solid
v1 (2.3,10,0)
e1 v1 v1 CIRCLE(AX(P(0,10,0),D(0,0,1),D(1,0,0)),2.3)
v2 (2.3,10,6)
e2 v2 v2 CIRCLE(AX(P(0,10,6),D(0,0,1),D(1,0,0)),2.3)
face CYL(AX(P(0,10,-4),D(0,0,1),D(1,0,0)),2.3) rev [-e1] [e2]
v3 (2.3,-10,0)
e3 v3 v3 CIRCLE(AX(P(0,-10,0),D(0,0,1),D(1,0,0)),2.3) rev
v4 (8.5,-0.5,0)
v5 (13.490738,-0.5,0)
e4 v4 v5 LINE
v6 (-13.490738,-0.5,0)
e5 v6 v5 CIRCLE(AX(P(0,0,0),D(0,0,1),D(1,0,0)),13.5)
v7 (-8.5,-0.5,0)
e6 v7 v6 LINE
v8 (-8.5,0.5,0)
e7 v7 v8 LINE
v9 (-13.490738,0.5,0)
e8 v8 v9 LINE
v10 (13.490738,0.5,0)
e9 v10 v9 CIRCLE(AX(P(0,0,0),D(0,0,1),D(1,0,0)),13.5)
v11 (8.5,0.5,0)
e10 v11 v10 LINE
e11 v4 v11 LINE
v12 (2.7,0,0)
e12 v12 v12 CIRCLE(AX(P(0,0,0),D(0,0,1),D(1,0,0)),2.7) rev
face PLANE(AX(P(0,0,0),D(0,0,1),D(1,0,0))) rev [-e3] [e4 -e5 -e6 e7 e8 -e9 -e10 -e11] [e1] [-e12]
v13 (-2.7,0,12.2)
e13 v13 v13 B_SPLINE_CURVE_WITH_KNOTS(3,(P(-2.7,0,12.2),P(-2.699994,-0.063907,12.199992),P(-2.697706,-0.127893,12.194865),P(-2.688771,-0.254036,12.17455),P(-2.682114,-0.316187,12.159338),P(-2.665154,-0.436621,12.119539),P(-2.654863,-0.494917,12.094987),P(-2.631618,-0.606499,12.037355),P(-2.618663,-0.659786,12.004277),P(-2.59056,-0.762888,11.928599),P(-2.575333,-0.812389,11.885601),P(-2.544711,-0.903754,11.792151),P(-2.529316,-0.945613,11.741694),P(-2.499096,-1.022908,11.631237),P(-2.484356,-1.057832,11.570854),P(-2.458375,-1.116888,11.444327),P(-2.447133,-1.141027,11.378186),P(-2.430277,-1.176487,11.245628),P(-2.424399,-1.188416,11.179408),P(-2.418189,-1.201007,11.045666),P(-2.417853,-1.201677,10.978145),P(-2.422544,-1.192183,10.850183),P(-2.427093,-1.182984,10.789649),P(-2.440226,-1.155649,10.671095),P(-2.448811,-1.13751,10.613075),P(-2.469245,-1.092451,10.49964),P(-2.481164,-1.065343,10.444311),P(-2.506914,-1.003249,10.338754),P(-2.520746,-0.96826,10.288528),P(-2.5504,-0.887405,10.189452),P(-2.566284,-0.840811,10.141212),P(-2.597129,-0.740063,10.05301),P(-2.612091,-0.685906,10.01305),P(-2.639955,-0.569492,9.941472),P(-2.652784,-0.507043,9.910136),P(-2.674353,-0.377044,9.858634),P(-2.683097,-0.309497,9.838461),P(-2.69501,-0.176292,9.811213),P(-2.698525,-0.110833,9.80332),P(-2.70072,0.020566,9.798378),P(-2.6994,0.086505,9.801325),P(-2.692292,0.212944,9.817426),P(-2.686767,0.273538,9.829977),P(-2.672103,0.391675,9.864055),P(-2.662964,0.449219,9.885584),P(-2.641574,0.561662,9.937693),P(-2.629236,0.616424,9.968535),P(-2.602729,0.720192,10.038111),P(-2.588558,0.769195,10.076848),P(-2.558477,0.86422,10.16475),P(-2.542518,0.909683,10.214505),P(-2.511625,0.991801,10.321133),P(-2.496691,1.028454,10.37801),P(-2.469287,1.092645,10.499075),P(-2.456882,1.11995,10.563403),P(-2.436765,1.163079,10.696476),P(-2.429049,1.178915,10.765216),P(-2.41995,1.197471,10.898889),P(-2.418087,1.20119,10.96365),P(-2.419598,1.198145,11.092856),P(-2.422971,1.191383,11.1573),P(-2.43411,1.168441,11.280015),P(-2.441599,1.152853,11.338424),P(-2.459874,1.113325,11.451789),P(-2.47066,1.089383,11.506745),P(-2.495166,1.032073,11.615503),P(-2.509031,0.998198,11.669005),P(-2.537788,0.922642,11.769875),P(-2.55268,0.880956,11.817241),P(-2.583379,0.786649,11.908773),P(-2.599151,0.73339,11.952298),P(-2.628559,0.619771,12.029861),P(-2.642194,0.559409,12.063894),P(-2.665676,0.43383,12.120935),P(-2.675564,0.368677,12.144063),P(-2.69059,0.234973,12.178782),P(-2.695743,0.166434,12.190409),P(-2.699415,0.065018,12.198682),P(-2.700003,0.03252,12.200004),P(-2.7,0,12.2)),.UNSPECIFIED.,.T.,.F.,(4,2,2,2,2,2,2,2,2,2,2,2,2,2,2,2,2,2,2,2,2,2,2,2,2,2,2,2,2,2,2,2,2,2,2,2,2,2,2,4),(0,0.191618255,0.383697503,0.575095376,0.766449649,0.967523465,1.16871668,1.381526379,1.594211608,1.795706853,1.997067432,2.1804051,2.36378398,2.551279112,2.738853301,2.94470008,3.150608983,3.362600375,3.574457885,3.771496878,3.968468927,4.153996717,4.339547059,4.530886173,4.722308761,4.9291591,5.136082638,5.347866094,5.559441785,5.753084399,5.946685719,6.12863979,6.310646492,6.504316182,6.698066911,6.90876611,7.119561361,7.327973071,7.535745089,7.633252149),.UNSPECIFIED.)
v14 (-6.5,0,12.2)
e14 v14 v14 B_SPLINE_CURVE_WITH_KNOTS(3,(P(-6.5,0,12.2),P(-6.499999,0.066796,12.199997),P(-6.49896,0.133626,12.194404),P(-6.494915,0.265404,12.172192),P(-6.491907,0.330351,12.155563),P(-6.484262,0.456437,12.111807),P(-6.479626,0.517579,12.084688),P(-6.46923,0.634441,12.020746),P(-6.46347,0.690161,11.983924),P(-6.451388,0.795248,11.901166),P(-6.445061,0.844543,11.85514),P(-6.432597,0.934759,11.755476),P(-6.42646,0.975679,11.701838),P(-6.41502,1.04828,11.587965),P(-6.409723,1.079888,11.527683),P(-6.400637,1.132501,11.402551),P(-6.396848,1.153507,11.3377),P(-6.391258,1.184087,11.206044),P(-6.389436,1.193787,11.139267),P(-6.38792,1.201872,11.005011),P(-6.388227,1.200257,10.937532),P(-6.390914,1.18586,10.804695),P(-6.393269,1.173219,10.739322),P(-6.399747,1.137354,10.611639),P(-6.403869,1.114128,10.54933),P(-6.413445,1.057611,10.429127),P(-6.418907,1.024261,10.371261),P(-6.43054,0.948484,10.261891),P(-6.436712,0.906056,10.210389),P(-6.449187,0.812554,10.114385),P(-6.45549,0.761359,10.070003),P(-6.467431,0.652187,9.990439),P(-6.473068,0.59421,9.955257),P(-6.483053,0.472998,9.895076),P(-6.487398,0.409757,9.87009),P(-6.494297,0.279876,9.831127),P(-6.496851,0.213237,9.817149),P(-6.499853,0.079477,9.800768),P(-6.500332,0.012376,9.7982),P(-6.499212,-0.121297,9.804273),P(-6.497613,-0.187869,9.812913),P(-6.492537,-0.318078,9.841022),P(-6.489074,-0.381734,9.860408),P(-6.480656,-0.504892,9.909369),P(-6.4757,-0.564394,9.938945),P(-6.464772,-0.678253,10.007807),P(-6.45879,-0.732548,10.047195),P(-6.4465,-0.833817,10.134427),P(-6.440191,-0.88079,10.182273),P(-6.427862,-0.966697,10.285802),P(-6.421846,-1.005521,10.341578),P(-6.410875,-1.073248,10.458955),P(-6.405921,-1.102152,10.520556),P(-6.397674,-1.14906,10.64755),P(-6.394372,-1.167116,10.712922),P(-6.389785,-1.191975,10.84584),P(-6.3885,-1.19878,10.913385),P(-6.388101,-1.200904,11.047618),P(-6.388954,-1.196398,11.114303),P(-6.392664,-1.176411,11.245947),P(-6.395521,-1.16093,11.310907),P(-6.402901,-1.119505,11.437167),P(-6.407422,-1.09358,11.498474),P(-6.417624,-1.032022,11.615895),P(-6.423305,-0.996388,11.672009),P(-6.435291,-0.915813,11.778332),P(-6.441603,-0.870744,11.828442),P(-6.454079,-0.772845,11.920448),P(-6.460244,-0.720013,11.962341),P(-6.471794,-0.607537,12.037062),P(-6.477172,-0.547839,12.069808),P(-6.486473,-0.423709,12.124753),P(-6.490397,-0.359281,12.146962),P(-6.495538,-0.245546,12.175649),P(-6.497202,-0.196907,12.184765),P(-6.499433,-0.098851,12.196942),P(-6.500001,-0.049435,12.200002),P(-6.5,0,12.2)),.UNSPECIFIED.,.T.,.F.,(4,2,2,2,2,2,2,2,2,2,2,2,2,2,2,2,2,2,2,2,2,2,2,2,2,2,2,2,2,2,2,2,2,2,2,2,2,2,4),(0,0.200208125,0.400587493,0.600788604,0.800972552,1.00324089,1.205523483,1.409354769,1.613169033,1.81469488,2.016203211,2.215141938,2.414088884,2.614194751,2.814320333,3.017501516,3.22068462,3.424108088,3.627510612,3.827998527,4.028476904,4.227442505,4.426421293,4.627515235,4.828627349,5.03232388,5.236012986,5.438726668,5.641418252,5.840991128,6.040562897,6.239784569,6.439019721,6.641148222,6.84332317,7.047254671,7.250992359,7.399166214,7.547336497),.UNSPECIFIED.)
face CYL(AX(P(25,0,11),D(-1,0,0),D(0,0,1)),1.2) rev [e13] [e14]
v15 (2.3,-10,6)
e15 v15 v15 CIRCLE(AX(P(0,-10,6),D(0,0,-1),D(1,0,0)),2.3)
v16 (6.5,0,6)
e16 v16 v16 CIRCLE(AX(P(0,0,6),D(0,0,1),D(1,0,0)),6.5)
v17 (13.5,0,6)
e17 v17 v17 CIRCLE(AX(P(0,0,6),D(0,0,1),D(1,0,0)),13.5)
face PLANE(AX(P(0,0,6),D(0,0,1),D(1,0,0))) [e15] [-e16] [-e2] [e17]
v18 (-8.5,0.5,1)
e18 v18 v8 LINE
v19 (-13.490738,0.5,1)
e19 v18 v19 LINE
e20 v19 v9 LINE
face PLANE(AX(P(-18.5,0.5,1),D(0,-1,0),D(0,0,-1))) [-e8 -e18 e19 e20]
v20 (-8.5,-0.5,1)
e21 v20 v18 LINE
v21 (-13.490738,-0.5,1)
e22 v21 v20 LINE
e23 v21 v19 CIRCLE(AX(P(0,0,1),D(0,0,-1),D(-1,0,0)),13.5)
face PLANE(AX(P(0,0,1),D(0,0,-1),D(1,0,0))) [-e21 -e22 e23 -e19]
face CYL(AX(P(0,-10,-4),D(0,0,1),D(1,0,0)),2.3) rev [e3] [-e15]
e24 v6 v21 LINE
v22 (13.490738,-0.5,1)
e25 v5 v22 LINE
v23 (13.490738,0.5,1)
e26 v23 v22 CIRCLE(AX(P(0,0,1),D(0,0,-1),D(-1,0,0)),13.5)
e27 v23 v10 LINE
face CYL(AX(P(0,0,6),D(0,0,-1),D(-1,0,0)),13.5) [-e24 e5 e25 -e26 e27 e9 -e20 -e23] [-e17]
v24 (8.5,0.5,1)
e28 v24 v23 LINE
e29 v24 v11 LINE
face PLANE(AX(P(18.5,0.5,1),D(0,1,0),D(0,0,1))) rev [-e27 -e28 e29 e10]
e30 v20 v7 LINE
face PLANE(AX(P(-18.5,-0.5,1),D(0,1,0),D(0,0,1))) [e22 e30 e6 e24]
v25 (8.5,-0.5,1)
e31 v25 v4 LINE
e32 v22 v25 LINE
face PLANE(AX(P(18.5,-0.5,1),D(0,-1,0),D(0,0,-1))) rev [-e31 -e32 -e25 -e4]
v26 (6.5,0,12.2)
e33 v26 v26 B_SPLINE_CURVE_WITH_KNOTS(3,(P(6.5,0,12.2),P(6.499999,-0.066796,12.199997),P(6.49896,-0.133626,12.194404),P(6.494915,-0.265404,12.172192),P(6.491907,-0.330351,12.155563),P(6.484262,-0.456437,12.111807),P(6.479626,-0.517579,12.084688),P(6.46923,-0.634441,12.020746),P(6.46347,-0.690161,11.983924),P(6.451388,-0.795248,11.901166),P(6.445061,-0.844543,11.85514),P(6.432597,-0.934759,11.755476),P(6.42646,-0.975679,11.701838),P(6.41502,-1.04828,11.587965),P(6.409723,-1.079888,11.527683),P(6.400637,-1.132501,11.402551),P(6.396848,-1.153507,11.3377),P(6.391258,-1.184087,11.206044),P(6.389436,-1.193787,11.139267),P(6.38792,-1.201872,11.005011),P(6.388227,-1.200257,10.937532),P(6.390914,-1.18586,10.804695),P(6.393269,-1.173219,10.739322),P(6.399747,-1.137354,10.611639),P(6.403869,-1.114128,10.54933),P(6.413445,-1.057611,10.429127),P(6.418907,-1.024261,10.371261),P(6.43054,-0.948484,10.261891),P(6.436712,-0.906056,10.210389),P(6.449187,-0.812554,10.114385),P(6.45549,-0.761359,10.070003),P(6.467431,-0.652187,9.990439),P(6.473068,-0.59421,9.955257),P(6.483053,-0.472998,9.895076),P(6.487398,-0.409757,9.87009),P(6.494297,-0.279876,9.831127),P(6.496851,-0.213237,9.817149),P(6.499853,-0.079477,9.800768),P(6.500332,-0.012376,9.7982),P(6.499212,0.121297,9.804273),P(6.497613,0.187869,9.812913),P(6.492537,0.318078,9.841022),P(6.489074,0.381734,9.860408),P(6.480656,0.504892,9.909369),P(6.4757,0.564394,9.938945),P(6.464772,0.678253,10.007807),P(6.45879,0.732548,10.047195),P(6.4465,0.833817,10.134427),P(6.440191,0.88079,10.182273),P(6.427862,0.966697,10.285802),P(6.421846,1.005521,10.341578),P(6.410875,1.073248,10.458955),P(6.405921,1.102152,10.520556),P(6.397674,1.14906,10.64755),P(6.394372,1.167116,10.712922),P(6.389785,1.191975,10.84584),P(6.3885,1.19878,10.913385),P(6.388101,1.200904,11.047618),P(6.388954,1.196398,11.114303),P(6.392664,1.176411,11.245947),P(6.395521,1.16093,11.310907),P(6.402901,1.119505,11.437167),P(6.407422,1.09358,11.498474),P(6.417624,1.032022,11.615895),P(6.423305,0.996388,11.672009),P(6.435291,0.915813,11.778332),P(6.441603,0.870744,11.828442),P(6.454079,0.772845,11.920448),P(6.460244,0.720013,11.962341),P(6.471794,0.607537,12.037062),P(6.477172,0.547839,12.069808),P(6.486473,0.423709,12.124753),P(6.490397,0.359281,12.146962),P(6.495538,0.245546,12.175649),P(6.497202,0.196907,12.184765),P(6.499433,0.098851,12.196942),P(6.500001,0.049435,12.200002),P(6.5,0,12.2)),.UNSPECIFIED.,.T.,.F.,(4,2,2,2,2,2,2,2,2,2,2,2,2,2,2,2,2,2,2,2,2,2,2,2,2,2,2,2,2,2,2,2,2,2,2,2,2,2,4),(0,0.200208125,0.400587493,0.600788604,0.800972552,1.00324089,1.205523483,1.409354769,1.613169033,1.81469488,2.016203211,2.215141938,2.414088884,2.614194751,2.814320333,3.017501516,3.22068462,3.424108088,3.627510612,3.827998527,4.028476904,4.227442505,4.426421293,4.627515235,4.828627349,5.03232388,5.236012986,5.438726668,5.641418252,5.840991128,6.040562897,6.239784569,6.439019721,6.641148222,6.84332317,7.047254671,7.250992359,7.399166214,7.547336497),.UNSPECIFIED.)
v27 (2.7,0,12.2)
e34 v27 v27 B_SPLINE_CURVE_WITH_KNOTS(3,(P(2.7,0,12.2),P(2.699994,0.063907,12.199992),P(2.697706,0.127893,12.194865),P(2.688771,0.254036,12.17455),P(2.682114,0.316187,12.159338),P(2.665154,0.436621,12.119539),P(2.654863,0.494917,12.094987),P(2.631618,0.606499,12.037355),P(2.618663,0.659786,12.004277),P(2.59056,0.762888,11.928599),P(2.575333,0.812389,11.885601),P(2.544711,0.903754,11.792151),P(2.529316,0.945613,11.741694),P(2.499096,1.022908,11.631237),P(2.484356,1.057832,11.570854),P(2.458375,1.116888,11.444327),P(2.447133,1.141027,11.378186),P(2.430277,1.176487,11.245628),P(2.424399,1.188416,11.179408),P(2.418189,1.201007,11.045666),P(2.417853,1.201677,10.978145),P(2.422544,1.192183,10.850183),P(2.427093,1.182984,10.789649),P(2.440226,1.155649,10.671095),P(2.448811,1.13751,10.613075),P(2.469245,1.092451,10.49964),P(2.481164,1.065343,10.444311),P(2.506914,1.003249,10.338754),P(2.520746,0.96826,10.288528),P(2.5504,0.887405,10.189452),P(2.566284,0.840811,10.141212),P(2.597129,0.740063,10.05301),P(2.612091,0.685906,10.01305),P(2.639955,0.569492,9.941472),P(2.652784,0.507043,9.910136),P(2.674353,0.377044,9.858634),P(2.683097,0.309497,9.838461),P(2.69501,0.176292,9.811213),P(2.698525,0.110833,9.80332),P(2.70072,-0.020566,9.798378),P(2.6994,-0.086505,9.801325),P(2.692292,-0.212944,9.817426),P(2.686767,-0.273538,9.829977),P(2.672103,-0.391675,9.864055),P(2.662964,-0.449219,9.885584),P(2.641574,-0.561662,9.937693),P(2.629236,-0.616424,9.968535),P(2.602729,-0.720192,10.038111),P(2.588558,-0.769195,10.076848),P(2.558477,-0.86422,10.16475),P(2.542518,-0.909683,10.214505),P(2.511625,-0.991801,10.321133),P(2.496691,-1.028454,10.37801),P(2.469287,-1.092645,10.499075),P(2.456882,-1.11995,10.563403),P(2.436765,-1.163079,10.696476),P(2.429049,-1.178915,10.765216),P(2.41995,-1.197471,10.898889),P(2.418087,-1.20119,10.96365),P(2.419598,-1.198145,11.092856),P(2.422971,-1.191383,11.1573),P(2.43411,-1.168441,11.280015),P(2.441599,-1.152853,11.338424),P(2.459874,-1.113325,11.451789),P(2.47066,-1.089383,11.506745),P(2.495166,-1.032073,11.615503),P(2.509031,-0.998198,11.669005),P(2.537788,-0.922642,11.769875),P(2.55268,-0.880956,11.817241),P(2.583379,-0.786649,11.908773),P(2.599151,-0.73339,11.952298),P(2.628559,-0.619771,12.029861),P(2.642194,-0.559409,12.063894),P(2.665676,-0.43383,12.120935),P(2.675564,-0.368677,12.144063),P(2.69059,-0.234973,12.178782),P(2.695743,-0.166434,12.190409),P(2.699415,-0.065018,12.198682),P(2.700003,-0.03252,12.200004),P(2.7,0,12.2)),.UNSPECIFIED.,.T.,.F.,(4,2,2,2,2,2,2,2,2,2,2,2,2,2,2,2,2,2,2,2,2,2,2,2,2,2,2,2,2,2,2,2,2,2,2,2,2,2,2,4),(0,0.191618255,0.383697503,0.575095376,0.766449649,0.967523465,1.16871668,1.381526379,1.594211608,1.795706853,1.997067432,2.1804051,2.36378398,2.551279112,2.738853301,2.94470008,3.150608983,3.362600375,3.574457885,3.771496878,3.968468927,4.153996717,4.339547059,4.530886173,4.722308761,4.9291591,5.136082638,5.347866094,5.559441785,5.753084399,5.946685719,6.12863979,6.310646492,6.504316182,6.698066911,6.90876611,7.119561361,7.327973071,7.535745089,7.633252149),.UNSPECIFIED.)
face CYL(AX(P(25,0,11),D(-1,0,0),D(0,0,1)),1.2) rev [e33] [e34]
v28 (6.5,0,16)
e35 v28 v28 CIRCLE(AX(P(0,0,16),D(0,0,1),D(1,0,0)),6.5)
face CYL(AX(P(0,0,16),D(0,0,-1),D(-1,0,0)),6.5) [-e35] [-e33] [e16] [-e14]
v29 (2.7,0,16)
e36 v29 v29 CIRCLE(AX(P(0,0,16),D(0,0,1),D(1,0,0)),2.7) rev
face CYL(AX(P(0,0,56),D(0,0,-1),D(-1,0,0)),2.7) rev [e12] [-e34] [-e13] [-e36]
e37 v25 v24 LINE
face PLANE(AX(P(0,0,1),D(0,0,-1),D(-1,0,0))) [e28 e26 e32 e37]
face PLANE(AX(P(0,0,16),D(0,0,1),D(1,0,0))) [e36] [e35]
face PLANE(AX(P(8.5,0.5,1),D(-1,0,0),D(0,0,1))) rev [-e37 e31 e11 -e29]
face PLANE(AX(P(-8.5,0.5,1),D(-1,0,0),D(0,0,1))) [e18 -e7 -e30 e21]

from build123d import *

# Parameters (mm, degrees)
SKETCH2_R               = 13.5
BOSS_EXTRUDE1_DEPTH     = 6
SKETCH3_R               = 6.5
SKETCH3_R_2             = 2.5
BOSS_EXTRUDE2_DEPTH     = 10
CUT_EXTRUDE1_DEPTH      = 25
CUT_EXTRUDE1_DEPTH_BACK = 25
SKETCH4_R               = 1.2
CUT_EXTRUDE3_DEPTH      = 50
CUT_EXTRUDE3_DEPTH_BACK = 20
SKETCH6_R               = 2.7
SKETCH5_R               = 2.3
CUT_EXTRUDE4_DEPTH      = 10
SKETCH8_W               = 10
SKETCH8_H               = 1
CUT_EXTRUDE5_DEPTH      = 1


with BuildPart() as part:
    # Sketch2 → Boss-Extrude1 (new body)
    with BuildSketch(Plane.XY):
        Circle(SKETCH2_R)
    extrude(amount=BOSS_EXTRUDE1_DEPTH)

    # Sketch3 → Boss-Extrude2 (add)
    with BuildSketch(Plane.XY.offset(6)):
        Circle(SKETCH3_R)
        Circle(SKETCH3_R_2, mode=Mode.SUBTRACT)
    extrude(amount=BOSS_EXTRUDE2_DEPTH)

    # Sketch4 → Cut-Extrude1 (cut, two sides: drawn at the far end of the back side and taken through both)
    with BuildSketch(Plane(origin=(0, 0, 0), x_dir=(0, -1, 0), z_dir=(1, 0, 0)).offset(-CUT_EXTRUDE1_DEPTH_BACK)):
        with Locations((0, -11)):
            Circle(SKETCH4_R)
    extrude(amount=CUT_EXTRUDE1_DEPTH + CUT_EXTRUDE1_DEPTH_BACK, mode=Mode.SUBTRACT)

    # Sketch6 → Cut-Extrude3 (cut, two sides: drawn at the far end of the back side and taken through both)
    with BuildSketch(Plane.XY.offset(6).offset(-CUT_EXTRUDE3_DEPTH_BACK)):
        Circle(SKETCH6_R)
    extrude(amount=CUT_EXTRUDE3_DEPTH + CUT_EXTRUDE3_DEPTH_BACK, mode=Mode.SUBTRACT)

    # Sketch5 → Cut-Extrude4 (cut)
    with BuildSketch(Plane.XY.offset(6)):
        with Locations((0, 10)):
            Circle(SKETCH5_R)
    cut_extrude4 = extrude(amount=-CUT_EXTRUDE4_DEPTH, mode=Mode.SUBTRACT)

    # Mirror1: Cut-Extrude4 across plane
    add(cut_extrude4.mirror(Plane.ZX), mode=Mode.SUBTRACT)

    # Sketch8 → Cut-Extrude5 (cut)
    with BuildSketch(Plane(origin=(0, 0, 0), x_dir=(-1, 0, 0), z_dir=(0, 0, -1))):
        with Locations((-13.5, 0)):
            Rectangle(SKETCH8_W, SKETCH8_H)
    cut_extrude5 = extrude(amount=-CUT_EXTRUDE5_DEPTH, mode=Mode.SUBTRACT)

    # Mirror2: Cut-Extrude5 across plane
    add(cut_extrude5.mirror(Plane(origin=(0, 0, 0), x_dir=(0, 0, 1), z_dir=(1, 0, 0))), mode=Mode.SUBTRACT)


solid = part.part
